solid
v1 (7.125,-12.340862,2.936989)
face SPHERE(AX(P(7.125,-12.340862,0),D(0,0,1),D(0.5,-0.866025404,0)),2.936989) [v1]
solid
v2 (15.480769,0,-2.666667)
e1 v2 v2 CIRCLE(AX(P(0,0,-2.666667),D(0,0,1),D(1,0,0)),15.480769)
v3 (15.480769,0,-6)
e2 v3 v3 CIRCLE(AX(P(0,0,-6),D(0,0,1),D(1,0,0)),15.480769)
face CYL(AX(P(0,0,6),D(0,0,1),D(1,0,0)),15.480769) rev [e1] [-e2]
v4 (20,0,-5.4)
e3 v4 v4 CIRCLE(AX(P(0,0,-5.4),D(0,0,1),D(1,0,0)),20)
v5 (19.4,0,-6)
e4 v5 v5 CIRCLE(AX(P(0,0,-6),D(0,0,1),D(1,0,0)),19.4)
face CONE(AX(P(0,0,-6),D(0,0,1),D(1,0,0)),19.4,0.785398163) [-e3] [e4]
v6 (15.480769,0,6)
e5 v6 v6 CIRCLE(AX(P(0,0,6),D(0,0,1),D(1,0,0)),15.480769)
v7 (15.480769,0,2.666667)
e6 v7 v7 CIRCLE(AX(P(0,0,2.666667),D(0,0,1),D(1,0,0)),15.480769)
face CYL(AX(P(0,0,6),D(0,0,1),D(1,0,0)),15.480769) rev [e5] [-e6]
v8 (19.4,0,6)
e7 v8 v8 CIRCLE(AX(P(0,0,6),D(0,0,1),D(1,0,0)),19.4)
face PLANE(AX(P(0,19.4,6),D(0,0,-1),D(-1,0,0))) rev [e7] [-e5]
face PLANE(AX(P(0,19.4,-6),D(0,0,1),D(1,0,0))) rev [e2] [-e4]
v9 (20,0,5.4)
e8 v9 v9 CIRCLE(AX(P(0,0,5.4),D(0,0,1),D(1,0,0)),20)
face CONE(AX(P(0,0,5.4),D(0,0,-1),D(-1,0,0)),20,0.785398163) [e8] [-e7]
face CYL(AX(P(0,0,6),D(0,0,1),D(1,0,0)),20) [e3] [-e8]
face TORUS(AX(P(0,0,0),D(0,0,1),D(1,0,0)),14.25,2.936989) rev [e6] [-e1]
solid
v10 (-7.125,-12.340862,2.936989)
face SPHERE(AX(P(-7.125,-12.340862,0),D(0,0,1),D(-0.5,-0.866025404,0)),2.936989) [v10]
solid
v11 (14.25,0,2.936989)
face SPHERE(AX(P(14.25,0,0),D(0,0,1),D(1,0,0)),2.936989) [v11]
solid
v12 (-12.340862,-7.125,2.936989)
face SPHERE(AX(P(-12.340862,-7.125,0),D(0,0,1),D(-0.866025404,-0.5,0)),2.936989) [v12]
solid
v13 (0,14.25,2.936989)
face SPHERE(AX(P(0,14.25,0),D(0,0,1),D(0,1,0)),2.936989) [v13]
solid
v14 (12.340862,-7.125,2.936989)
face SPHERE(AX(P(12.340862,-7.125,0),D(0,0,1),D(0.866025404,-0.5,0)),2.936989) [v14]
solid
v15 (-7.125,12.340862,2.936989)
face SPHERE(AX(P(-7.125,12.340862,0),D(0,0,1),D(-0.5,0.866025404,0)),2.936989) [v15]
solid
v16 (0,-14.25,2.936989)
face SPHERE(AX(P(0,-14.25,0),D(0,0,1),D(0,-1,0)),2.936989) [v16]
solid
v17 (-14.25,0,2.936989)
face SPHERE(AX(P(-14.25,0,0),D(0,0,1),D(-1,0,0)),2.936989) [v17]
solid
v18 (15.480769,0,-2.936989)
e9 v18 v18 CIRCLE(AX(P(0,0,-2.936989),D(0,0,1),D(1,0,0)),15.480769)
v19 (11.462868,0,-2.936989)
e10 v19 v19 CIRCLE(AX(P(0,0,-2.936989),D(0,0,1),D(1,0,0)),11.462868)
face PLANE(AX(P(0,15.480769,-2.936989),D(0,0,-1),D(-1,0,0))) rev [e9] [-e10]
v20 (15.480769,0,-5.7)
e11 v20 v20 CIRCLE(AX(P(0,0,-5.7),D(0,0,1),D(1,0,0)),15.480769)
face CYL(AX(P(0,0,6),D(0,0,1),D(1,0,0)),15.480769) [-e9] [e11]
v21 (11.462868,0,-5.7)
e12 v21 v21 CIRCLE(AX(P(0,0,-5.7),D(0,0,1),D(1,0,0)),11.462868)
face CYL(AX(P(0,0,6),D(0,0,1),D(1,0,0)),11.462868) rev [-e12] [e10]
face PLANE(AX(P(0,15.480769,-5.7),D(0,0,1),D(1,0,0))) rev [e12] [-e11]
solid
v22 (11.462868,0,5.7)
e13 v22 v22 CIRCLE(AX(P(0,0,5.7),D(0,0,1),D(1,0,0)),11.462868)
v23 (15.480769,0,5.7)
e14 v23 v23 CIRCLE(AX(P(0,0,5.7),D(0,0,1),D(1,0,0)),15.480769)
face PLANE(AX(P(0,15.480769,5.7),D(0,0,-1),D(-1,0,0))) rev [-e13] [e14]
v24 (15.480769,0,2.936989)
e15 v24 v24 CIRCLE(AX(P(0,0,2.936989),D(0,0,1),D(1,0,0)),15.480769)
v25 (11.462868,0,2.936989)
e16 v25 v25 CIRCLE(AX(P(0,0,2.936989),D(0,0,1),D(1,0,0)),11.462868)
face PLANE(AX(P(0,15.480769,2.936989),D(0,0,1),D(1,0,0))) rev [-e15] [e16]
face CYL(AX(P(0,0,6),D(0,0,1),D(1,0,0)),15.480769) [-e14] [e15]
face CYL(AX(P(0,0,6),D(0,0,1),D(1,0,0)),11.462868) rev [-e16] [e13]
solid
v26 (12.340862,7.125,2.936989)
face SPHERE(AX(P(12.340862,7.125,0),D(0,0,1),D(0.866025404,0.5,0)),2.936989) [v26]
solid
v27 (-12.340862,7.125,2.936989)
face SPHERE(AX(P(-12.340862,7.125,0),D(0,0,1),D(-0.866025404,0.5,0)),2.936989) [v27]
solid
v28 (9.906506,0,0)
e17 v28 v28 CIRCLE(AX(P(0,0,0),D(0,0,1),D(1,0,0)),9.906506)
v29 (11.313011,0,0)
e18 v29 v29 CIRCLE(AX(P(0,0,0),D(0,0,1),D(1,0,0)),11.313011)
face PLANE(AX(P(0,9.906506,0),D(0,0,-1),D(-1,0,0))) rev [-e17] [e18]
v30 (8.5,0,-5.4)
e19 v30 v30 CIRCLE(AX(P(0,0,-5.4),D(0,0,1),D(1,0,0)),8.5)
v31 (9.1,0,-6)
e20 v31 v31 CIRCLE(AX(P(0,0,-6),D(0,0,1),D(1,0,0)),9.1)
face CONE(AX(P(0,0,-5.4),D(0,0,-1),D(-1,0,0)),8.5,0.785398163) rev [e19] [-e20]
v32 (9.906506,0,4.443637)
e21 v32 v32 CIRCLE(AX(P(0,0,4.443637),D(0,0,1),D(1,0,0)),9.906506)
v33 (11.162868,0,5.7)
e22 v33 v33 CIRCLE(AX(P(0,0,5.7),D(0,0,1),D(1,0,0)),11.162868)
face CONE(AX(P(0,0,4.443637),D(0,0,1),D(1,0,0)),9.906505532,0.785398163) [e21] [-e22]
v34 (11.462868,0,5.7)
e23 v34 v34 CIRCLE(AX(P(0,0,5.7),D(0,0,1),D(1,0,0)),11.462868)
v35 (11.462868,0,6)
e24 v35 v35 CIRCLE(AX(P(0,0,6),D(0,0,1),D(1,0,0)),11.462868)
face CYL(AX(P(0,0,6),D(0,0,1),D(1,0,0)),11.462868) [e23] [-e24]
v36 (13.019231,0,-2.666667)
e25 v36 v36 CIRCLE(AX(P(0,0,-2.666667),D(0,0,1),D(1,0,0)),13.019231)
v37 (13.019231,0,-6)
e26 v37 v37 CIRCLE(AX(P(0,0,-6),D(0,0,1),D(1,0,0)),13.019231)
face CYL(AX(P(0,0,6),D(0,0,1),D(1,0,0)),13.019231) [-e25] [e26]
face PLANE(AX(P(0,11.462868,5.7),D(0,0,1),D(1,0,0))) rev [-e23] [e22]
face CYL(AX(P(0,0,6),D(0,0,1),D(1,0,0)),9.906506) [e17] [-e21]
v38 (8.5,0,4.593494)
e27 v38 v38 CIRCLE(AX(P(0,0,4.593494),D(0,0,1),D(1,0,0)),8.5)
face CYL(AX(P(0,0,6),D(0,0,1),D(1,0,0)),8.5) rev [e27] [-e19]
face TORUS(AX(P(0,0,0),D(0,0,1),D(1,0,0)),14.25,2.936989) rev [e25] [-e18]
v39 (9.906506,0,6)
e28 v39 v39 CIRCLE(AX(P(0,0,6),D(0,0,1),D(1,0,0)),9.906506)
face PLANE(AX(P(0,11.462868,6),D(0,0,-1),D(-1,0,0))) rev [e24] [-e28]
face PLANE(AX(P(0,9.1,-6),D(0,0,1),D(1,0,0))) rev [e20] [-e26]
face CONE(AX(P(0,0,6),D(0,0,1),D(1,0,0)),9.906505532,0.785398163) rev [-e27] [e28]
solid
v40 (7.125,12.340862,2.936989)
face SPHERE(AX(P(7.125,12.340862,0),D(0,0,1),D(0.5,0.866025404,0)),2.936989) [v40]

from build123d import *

# Parameters (mm, degrees)
CIRPATTERN1_COUNT = 12
SKETCH5_W         = 2.763011064
SKETCH5_H         = 4.01790108


with BuildPart() as part:
    # Sketch1 → Revolve1 (revolve)
    with BuildSketch(Plane(origin=(0, 0, 0), x_dir=(0, 0, -1), z_dir=(1, 0, 0))):
        with BuildLine():
            Line((5.4, 20), (-5.4, 20))
            Line((-5.4, 20), (-6, 19.4))
            Line((-6, 19.4), (-6, 15.480769231))
            Line((-6, 15.480769231), (-2.666666667, 15.480769231))
            ThreePointArc((-2.666666667, 15.480769231), (0, 17.186988936), (2.666666667, 15.480769231))
            Line((2.666666667, 15.480769231), (6, 15.480769231))
            Line((6, 15.480769231), (6, 19.4))
            Line((6, 19.4), (5.4, 20))
        make_face()
    revolve(axis=Axis((0, 0, 6), (0, 0, -1)))


with BuildPart() as body_2:
    # Sketch3 → Revolve3 (revolve)
    with BuildSketch(Plane(origin=(0, 0, 0), x_dir=(0, 0, -1), z_dir=(1, 0, 0))):
        with BuildLine():
            Line((-5.7, 11.162868151), (-4.443637381, 9.906505532))
            Line((-4.443637381, 9.906505532), (0, 9.906505532))
            Line((0, 9.906505532), (0, 11.313011064))
            ThreePointArc((0, 11.313011064), (1.582900565, 11.776069966), (2.666666667, 13.019230769))
            Line((2.666666667, 13.019230769), (6, 13.019230769))
            Line((6, 13.019230769), (6, 9.1))
            Line((6, 9.1), (5.4, 8.5))
            Line((5.4, 8.5), (-4.593494468, 8.5))
            Line((-4.593494468, 8.5), (-6, 9.906505532))
            Line((-6, 9.906505532), (-6, 11.462868151))
            Line((-6, 11.462868151), (-5.7, 11.462868151))
            Line((-5.7, 11.462868151), (-5.7, 11.162868151))
        make_face()
    revolve(axis=Axis((0, 0, 6), (0, 0, -1)))


with BuildPart() as body_3:
    # Sketch4 → Revolve4 (revolve)
    with BuildSketch(Plane(origin=(0, 0, 0), x_dir=(0, 0, -1), z_dir=(1, 0, 0))):
        with BuildLine():
            Line((-2.936988936, 14.25), (2.936988936, 14.25))
            ThreePointArc((2.936988936, 14.25), (0, 17.186988936), (-2.936988936, 14.25))
        make_face()
    revolve(axis=Axis((0, 14.25, 2.936988936), (0, 0, -1)))


with BuildPart() as cirpattern1_1:
    # CirPattern1: pattern copy
    add(body_3.part.rotate(Axis((0, 0, -6), (0, 0, 1)), 1 * 360 / CIRPATTERN1_COUNT))


with BuildPart() as cirpattern1_2:
    # CirPattern1: pattern copy
    add(body_3.part.rotate(Axis((0, 0, -6), (0, 0, 1)), 2 * 360 / CIRPATTERN1_COUNT))


with BuildPart() as cirpattern1_3:
    # CirPattern1: pattern copy
    add(body_3.part.rotate(Axis((0, 0, -6), (0, 0, 1)), 3 * 360 / CIRPATTERN1_COUNT))


with BuildPart() as cirpattern1_4:
    # CirPattern1: pattern copy
    add(body_3.part.rotate(Axis((0, 0, -6), (0, 0, 1)), 4 * 360 / CIRPATTERN1_COUNT))


with BuildPart() as cirpattern1_5:
    # CirPattern1: pattern copy
    add(body_3.part.rotate(Axis((0, 0, -6), (0, 0, 1)), 5 * 360 / CIRPATTERN1_COUNT))


with BuildPart() as cirpattern1_6:
    # CirPattern1: pattern copy
    add(body_3.part.rotate(Axis((0, 0, -6), (0, 0, 1)), 6 * 360 / CIRPATTERN1_COUNT))


with BuildPart() as cirpattern1_7:
    # CirPattern1: pattern copy
    add(body_3.part.rotate(Axis((0, 0, -6), (0, 0, 1)), 7 * 360 / CIRPATTERN1_COUNT))


with BuildPart() as cirpattern1_8:
    # CirPattern1: pattern copy
    add(body_3.part.rotate(Axis((0, 0, -6), (0, 0, 1)), 8 * 360 / CIRPATTERN1_COUNT))


with BuildPart() as cirpattern1_9:
    # CirPattern1: pattern copy
    add(body_3.part.rotate(Axis((0, 0, -6), (0, 0, 1)), 9 * 360 / CIRPATTERN1_COUNT))


with BuildPart() as cirpattern1_10:
    # CirPattern1: pattern copy
    add(body_3.part.rotate(Axis((0, 0, -6), (0, 0, 1)), 10 * 360 / CIRPATTERN1_COUNT))


with BuildPart() as cirpattern1_11:
    # CirPattern1: pattern copy
    add(body_3.part.rotate(Axis((0, 0, -6), (0, 0, 1)), 11 * 360 / CIRPATTERN1_COUNT))


with BuildPart() as body_15:
    # Sketch5 → Revolve5 (revolve)
    with BuildSketch(Plane(origin=(0, 0, 0), x_dir=(0, 0, -1), z_dir=(1, 0, 0))):
        with Locations((-4.318494468, 13.471818691)):
            Rectangle(SKETCH5_W, SKETCH5_H)
        with Locations((4.318494468, 13.471818691)):
            Rectangle(SKETCH5_W, SKETCH5_H)
    revolve(axis=Axis((0, 0, 6), (0, 0, -1)))


solid = Compound([part.part, body_2.part, body_3.part, cirpattern1_1.part, cirpattern1_2.part, cirpattern1_3.part, cirpattern1_4.part, cirpattern1_5.part, cirpattern1_6.part, cirpattern1_7.part, cirpattern1_8.part, cirpattern1_9.part, cirpattern1_10.part, cirpattern1_11.part, body_15.part])
